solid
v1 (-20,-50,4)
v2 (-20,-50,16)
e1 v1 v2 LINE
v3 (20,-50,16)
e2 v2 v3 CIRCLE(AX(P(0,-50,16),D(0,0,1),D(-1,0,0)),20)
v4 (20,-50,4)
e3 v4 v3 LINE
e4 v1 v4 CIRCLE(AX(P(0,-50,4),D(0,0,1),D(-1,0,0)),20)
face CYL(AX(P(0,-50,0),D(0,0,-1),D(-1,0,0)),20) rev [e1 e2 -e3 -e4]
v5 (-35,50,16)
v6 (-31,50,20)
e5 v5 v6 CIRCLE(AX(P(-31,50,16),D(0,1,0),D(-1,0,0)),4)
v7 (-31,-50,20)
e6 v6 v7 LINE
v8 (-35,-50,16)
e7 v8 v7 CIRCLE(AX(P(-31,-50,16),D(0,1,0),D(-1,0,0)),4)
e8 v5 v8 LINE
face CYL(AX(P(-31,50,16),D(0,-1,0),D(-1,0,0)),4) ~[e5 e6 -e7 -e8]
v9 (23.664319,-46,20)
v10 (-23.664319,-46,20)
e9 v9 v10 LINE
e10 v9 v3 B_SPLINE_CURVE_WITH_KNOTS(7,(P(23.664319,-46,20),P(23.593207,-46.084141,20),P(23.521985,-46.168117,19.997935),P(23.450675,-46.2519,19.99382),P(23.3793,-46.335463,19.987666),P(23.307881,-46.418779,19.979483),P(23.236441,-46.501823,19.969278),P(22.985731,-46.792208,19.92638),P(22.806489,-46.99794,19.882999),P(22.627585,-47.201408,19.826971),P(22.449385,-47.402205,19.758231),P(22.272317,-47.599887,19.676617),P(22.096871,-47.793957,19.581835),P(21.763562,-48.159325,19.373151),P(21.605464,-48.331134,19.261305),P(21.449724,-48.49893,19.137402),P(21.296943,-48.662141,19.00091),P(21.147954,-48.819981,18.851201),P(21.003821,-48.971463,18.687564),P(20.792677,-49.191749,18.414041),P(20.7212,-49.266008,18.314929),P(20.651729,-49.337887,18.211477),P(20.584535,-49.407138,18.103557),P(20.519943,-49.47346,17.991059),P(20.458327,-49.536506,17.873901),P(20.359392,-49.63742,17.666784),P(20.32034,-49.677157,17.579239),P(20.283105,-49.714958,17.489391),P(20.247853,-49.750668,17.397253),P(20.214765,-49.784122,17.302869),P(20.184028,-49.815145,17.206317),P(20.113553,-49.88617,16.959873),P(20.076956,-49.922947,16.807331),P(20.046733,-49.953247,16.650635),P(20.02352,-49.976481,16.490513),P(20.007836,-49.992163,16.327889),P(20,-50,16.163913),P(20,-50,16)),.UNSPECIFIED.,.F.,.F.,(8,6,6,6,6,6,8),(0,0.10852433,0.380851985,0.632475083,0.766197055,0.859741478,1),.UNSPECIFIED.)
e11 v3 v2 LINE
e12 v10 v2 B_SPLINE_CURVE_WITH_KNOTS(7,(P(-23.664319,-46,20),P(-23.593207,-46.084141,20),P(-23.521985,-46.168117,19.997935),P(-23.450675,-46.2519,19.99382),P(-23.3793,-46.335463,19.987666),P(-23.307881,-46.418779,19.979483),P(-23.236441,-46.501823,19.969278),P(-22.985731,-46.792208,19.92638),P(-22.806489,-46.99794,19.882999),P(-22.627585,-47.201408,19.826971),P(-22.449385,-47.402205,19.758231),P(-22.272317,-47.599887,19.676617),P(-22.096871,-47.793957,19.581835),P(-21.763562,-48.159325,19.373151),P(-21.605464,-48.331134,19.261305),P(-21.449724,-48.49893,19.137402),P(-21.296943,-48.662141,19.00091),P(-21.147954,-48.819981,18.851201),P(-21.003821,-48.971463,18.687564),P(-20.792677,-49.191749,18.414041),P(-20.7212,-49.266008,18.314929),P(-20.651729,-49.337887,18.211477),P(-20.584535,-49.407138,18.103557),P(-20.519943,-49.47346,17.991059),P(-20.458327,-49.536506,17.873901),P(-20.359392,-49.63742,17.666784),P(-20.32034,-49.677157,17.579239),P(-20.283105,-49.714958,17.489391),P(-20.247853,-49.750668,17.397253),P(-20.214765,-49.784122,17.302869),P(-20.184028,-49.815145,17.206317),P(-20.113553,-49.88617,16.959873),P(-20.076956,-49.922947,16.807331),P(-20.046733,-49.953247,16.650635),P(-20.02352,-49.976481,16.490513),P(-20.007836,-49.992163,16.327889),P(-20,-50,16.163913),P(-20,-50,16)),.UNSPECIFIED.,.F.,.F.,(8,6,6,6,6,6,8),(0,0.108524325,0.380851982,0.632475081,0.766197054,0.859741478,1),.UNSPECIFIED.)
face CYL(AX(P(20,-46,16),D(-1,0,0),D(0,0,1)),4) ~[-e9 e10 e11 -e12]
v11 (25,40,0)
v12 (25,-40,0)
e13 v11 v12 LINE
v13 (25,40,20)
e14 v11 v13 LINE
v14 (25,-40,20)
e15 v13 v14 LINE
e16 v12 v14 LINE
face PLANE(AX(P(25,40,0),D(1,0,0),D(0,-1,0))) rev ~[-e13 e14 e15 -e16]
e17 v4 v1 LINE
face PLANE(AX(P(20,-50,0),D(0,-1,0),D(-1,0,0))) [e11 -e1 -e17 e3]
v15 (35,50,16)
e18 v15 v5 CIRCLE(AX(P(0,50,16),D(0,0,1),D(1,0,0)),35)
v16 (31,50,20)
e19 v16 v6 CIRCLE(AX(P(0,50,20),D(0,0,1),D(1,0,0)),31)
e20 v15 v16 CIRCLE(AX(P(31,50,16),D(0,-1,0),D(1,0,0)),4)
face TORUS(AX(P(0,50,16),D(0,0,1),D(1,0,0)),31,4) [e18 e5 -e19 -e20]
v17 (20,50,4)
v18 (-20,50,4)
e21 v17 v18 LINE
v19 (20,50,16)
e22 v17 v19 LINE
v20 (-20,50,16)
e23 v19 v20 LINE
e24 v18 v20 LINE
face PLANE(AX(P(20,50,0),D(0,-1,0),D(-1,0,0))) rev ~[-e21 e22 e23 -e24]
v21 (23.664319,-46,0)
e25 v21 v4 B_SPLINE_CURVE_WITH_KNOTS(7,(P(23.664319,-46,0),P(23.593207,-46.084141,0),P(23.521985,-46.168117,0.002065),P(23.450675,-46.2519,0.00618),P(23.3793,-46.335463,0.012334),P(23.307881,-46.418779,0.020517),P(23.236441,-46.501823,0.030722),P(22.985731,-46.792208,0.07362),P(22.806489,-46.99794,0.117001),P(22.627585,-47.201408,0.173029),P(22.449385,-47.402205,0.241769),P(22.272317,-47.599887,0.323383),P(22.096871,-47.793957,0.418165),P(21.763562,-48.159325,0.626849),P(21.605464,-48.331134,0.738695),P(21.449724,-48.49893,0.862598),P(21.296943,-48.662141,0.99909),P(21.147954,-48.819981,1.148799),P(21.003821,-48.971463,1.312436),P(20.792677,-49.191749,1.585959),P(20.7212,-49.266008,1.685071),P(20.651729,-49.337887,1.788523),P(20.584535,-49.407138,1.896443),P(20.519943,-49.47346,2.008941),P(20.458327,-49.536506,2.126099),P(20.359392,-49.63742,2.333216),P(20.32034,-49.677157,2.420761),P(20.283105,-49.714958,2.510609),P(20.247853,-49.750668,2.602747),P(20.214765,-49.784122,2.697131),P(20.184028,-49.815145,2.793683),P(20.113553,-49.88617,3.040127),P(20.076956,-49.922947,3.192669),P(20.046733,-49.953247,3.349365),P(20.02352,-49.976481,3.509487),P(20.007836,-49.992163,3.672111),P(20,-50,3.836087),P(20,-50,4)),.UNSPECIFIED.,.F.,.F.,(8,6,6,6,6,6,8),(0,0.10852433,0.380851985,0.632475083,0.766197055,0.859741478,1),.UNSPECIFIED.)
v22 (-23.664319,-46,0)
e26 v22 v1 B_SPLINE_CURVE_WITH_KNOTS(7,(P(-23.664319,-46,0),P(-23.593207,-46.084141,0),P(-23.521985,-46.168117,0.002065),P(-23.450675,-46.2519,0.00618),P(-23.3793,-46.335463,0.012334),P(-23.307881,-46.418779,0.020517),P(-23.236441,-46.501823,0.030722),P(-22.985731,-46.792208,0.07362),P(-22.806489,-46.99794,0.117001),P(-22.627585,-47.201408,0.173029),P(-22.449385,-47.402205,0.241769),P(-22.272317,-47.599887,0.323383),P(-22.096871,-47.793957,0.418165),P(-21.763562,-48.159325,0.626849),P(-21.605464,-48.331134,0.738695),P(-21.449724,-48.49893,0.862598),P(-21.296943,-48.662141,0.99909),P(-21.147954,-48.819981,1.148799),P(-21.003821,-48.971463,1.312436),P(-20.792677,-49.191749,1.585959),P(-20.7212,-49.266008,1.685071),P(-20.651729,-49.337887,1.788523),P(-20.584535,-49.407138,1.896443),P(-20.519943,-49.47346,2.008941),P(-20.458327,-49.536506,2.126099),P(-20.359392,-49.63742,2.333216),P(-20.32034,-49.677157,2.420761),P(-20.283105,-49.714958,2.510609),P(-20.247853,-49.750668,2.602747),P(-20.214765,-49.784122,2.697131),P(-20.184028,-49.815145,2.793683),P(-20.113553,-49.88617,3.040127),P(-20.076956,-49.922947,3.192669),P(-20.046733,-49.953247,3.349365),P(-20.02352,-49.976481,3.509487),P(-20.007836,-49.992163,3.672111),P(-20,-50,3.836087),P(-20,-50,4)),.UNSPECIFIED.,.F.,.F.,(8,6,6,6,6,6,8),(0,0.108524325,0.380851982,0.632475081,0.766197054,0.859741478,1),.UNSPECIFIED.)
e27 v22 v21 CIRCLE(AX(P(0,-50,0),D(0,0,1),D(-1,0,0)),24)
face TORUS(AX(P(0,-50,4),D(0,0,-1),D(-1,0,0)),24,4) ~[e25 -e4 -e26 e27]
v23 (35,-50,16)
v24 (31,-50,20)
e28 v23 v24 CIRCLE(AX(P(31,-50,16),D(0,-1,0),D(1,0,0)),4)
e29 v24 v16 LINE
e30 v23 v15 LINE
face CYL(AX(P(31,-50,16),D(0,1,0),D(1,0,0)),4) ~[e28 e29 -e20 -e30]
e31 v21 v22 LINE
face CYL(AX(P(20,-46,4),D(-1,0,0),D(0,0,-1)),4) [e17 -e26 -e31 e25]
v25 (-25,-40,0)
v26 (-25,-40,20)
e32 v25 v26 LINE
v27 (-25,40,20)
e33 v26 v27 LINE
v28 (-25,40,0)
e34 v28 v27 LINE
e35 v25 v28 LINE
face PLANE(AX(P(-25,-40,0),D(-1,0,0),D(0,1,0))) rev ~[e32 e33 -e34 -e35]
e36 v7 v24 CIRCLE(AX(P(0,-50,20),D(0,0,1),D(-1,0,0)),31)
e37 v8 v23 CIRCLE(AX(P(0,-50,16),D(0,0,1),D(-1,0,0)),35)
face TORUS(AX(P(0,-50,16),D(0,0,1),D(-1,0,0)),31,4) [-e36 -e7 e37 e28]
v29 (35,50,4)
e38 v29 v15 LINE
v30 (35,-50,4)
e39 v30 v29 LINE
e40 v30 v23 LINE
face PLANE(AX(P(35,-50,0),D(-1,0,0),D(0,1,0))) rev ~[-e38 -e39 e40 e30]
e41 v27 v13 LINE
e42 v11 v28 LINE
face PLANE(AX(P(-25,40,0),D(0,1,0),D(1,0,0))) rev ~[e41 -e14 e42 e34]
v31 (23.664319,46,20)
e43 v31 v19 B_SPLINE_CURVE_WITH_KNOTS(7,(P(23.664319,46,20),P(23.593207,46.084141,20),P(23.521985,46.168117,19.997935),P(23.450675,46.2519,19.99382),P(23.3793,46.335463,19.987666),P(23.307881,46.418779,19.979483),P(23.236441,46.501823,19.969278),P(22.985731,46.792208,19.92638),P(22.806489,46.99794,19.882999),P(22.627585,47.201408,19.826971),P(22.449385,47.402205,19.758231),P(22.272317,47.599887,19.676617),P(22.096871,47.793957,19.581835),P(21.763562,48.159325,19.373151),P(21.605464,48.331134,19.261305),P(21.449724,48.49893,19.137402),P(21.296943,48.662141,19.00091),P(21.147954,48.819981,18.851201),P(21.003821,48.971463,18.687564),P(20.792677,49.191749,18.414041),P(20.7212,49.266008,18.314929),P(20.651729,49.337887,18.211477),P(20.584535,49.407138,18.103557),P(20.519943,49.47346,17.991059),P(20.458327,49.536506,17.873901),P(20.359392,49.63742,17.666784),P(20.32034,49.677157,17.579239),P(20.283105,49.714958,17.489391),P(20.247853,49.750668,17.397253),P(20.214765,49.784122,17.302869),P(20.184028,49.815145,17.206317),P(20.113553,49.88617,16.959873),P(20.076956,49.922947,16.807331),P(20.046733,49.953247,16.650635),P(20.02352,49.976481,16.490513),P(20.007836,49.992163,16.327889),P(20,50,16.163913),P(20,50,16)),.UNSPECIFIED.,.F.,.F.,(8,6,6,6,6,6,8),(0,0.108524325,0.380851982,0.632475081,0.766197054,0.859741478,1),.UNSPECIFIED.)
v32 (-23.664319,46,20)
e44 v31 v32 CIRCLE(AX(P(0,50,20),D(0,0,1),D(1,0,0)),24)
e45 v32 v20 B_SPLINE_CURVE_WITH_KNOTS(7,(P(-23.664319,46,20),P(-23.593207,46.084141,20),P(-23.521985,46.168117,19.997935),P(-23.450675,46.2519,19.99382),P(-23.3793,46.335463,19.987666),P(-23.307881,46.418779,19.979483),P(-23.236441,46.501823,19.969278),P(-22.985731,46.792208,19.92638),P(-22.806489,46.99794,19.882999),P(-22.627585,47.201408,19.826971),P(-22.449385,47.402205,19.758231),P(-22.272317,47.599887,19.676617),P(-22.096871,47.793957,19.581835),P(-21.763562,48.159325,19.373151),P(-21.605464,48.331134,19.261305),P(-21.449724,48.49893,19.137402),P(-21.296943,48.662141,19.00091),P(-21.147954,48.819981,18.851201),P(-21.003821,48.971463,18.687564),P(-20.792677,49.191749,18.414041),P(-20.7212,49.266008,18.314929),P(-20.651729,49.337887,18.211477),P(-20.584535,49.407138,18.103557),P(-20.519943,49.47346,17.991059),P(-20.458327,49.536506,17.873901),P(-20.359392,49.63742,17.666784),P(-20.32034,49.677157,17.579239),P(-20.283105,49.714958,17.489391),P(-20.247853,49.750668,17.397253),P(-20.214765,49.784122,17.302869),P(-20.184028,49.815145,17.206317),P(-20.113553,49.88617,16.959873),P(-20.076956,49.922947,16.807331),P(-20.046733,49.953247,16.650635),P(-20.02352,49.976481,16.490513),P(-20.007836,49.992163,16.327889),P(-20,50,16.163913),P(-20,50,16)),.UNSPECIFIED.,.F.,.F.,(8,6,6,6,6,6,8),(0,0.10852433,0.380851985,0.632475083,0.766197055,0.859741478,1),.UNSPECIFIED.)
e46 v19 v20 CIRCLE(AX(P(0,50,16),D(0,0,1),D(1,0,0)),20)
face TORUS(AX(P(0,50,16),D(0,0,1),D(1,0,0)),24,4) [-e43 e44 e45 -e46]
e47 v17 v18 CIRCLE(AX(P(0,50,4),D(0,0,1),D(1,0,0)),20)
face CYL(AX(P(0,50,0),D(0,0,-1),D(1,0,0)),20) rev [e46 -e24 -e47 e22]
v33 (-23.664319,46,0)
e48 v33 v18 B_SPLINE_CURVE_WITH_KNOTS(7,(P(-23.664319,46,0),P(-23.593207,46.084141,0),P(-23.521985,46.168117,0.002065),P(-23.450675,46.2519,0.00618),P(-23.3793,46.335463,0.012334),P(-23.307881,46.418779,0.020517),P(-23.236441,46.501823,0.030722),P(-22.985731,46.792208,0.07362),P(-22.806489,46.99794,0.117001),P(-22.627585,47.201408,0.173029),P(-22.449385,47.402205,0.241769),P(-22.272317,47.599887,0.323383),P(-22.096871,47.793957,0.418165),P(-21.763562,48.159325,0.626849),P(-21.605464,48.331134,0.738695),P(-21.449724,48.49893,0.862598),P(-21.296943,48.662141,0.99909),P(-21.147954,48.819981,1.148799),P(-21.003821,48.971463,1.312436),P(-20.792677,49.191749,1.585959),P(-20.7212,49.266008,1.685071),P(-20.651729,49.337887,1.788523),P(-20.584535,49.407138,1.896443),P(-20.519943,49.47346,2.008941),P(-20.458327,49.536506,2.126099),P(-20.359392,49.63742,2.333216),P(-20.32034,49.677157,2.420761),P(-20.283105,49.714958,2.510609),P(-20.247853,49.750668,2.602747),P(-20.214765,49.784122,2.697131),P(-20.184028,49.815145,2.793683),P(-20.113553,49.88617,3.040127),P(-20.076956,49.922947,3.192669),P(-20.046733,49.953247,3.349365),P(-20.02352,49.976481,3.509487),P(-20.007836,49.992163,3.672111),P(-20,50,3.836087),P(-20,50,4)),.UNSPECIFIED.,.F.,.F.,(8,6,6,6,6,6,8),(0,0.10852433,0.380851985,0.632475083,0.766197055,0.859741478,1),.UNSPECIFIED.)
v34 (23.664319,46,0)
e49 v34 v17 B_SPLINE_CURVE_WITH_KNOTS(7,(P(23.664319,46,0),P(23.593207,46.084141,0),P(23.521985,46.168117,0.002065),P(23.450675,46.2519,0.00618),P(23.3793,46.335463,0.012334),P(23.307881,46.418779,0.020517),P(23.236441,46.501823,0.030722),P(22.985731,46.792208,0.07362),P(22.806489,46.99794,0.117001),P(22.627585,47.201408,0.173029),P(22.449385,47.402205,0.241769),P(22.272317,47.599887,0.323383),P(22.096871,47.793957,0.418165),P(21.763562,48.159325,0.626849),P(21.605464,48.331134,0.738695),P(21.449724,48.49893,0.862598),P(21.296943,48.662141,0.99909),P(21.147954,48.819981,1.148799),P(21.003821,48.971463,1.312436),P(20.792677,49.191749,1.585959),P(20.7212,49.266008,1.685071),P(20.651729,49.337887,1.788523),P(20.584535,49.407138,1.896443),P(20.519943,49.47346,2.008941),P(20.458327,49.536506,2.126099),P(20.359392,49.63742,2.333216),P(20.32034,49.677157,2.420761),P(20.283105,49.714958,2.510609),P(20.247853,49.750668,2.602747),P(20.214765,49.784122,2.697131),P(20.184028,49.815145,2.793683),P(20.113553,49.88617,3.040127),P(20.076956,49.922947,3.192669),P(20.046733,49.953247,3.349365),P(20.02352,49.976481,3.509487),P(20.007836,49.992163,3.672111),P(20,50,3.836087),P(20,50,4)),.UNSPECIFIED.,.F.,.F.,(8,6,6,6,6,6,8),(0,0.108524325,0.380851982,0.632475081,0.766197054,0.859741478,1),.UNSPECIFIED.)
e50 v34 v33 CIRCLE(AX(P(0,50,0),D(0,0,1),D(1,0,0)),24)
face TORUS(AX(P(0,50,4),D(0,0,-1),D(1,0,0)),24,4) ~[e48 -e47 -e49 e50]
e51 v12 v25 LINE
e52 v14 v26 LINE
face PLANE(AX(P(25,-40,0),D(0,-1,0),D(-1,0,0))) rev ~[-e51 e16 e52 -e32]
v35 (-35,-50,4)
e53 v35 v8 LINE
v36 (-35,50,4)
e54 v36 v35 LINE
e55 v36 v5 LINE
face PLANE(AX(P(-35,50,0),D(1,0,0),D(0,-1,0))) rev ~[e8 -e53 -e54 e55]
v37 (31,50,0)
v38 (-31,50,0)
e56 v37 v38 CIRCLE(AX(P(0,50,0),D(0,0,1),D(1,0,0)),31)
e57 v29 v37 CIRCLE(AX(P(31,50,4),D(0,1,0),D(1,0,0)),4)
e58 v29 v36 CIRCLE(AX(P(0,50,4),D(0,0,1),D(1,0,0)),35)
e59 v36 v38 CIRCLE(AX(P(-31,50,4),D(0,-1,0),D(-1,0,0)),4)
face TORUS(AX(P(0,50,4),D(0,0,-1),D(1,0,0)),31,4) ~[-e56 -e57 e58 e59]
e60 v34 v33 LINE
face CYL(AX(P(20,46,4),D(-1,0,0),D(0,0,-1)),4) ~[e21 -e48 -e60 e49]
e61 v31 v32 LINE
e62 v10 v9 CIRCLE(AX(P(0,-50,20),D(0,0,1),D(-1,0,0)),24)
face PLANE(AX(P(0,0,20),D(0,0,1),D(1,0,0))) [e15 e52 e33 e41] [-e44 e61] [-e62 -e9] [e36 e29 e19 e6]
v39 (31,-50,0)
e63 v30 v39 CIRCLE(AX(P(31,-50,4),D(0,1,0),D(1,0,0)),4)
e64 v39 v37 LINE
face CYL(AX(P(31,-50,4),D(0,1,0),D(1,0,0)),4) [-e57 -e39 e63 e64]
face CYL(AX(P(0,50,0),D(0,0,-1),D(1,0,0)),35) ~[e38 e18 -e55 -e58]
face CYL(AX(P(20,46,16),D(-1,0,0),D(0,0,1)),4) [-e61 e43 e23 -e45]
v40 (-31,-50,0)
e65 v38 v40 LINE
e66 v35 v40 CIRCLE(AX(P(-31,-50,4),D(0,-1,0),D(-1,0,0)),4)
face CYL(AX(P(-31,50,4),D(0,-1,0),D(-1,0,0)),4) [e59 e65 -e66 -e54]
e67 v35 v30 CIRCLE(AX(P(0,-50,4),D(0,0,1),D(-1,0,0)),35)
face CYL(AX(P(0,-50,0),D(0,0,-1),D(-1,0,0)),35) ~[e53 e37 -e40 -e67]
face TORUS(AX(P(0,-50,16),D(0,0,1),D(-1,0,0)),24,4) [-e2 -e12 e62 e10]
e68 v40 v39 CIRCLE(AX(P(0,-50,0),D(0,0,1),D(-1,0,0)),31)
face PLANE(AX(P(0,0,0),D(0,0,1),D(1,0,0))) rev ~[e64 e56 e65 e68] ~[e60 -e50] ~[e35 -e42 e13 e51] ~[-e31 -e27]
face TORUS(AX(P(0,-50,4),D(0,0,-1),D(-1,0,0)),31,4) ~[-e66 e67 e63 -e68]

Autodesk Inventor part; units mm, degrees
ref_plane "YZ Plane" through (0, 0, 0) normal (1, 0, 0) x (0, 1, 0)
ref_plane "XZ Plane" through (0, 0, 0) normal (0, 1, 0) x (-1, 0, 0)
ref_plane "XY Plane" through (0, 0, 0) normal (0, 0, 1) x (1, 0, 0)
sketch "Boceto1" plane through (0, 0, 0) normal (0, 0, 1) x (1, 0, 0)
  line L0 (0, 50) -> (0, -50) construction
  line L1 (-35, 50) -> (-35, -50)
  line L2 (35, -50) -> (35, 50)
  arc A0 (35, 50) -> (-35, 50) centre (0, 50) ccw
  arc A1 (-35, -50) -> (35, -50) centre (0, -50) ccw
  line L3 (0, 11.0891) -> (0, 50) construction
  line L4 (-20, 11.0891) -> (-20, 50)
  line L5 (20, 50) -> (20, 11.0891)
  arc A2 (-20, 11.0891) -> (20, 11.0891) centre (0, 11.0891) ccw
  arc A3 (20, 50) -> (-20, 50) centre (0, 50) ccw
  line L6 (20, 50) -> (-20, 50)
  line L7 (92.9373, 0) -> (-92.9373, 0) construction
  arc A4 (-20, -50) -> (20, -50) centre (0, -50) ccw
  line L8 (20, -50) -> (-20, -50)
  line L9 (-25, 40) -> (25, 40)
  line L10 (25, 40) -> (25, -40)
  line L11 (25, -40) -> (-25, -40)
  line L12 (-25, -40) -> (-25, 40)
  line L13 (-25, 40) -> (25, -40) construction
  line L14 (25, 40) -> (-25, -40) construction
  point P0 (0, 0)
  point P1 (0, 0)
  point P2 (0, 0)
  point P3 (0, -85)
  point P4 (0, 85)
  point P5 (0, 30.5445)
  point P6 (0, 70)
  point P7 (0, 0)
  point P8 (0, 0)
  dimension "d0" = 170
  dimension "d1" = 70
  dimension "d2" = 15
  dimension "d3" = 20
  dimension "d4" = 40
  dimension "d6" = 80
  dimension "d7" = 10
  dimension "d8" = 10
extrude "Extrusión1" add sketch "Boceto1" along normal blind 20 contours A0 L2 A1 L1 | L4 L6 L5 L9
fillet "Empalme1" radius 4 16 edges at (-35, 0, 20) (0, -85, 20) (35, 0, 20) (0, 85, 20) (0, 50, 20) (0, 70, 20) (0, -50, 20) (0, -70, 20) (0, -70, 0) (0, 85, 0) (-35, 0, 0) (0, -85, 0) (35, 0, 0) (0, 50, 0) (0, 70, 0) (0, -50, 0)
properties part number "modelado" material "Aluminio 6061"
